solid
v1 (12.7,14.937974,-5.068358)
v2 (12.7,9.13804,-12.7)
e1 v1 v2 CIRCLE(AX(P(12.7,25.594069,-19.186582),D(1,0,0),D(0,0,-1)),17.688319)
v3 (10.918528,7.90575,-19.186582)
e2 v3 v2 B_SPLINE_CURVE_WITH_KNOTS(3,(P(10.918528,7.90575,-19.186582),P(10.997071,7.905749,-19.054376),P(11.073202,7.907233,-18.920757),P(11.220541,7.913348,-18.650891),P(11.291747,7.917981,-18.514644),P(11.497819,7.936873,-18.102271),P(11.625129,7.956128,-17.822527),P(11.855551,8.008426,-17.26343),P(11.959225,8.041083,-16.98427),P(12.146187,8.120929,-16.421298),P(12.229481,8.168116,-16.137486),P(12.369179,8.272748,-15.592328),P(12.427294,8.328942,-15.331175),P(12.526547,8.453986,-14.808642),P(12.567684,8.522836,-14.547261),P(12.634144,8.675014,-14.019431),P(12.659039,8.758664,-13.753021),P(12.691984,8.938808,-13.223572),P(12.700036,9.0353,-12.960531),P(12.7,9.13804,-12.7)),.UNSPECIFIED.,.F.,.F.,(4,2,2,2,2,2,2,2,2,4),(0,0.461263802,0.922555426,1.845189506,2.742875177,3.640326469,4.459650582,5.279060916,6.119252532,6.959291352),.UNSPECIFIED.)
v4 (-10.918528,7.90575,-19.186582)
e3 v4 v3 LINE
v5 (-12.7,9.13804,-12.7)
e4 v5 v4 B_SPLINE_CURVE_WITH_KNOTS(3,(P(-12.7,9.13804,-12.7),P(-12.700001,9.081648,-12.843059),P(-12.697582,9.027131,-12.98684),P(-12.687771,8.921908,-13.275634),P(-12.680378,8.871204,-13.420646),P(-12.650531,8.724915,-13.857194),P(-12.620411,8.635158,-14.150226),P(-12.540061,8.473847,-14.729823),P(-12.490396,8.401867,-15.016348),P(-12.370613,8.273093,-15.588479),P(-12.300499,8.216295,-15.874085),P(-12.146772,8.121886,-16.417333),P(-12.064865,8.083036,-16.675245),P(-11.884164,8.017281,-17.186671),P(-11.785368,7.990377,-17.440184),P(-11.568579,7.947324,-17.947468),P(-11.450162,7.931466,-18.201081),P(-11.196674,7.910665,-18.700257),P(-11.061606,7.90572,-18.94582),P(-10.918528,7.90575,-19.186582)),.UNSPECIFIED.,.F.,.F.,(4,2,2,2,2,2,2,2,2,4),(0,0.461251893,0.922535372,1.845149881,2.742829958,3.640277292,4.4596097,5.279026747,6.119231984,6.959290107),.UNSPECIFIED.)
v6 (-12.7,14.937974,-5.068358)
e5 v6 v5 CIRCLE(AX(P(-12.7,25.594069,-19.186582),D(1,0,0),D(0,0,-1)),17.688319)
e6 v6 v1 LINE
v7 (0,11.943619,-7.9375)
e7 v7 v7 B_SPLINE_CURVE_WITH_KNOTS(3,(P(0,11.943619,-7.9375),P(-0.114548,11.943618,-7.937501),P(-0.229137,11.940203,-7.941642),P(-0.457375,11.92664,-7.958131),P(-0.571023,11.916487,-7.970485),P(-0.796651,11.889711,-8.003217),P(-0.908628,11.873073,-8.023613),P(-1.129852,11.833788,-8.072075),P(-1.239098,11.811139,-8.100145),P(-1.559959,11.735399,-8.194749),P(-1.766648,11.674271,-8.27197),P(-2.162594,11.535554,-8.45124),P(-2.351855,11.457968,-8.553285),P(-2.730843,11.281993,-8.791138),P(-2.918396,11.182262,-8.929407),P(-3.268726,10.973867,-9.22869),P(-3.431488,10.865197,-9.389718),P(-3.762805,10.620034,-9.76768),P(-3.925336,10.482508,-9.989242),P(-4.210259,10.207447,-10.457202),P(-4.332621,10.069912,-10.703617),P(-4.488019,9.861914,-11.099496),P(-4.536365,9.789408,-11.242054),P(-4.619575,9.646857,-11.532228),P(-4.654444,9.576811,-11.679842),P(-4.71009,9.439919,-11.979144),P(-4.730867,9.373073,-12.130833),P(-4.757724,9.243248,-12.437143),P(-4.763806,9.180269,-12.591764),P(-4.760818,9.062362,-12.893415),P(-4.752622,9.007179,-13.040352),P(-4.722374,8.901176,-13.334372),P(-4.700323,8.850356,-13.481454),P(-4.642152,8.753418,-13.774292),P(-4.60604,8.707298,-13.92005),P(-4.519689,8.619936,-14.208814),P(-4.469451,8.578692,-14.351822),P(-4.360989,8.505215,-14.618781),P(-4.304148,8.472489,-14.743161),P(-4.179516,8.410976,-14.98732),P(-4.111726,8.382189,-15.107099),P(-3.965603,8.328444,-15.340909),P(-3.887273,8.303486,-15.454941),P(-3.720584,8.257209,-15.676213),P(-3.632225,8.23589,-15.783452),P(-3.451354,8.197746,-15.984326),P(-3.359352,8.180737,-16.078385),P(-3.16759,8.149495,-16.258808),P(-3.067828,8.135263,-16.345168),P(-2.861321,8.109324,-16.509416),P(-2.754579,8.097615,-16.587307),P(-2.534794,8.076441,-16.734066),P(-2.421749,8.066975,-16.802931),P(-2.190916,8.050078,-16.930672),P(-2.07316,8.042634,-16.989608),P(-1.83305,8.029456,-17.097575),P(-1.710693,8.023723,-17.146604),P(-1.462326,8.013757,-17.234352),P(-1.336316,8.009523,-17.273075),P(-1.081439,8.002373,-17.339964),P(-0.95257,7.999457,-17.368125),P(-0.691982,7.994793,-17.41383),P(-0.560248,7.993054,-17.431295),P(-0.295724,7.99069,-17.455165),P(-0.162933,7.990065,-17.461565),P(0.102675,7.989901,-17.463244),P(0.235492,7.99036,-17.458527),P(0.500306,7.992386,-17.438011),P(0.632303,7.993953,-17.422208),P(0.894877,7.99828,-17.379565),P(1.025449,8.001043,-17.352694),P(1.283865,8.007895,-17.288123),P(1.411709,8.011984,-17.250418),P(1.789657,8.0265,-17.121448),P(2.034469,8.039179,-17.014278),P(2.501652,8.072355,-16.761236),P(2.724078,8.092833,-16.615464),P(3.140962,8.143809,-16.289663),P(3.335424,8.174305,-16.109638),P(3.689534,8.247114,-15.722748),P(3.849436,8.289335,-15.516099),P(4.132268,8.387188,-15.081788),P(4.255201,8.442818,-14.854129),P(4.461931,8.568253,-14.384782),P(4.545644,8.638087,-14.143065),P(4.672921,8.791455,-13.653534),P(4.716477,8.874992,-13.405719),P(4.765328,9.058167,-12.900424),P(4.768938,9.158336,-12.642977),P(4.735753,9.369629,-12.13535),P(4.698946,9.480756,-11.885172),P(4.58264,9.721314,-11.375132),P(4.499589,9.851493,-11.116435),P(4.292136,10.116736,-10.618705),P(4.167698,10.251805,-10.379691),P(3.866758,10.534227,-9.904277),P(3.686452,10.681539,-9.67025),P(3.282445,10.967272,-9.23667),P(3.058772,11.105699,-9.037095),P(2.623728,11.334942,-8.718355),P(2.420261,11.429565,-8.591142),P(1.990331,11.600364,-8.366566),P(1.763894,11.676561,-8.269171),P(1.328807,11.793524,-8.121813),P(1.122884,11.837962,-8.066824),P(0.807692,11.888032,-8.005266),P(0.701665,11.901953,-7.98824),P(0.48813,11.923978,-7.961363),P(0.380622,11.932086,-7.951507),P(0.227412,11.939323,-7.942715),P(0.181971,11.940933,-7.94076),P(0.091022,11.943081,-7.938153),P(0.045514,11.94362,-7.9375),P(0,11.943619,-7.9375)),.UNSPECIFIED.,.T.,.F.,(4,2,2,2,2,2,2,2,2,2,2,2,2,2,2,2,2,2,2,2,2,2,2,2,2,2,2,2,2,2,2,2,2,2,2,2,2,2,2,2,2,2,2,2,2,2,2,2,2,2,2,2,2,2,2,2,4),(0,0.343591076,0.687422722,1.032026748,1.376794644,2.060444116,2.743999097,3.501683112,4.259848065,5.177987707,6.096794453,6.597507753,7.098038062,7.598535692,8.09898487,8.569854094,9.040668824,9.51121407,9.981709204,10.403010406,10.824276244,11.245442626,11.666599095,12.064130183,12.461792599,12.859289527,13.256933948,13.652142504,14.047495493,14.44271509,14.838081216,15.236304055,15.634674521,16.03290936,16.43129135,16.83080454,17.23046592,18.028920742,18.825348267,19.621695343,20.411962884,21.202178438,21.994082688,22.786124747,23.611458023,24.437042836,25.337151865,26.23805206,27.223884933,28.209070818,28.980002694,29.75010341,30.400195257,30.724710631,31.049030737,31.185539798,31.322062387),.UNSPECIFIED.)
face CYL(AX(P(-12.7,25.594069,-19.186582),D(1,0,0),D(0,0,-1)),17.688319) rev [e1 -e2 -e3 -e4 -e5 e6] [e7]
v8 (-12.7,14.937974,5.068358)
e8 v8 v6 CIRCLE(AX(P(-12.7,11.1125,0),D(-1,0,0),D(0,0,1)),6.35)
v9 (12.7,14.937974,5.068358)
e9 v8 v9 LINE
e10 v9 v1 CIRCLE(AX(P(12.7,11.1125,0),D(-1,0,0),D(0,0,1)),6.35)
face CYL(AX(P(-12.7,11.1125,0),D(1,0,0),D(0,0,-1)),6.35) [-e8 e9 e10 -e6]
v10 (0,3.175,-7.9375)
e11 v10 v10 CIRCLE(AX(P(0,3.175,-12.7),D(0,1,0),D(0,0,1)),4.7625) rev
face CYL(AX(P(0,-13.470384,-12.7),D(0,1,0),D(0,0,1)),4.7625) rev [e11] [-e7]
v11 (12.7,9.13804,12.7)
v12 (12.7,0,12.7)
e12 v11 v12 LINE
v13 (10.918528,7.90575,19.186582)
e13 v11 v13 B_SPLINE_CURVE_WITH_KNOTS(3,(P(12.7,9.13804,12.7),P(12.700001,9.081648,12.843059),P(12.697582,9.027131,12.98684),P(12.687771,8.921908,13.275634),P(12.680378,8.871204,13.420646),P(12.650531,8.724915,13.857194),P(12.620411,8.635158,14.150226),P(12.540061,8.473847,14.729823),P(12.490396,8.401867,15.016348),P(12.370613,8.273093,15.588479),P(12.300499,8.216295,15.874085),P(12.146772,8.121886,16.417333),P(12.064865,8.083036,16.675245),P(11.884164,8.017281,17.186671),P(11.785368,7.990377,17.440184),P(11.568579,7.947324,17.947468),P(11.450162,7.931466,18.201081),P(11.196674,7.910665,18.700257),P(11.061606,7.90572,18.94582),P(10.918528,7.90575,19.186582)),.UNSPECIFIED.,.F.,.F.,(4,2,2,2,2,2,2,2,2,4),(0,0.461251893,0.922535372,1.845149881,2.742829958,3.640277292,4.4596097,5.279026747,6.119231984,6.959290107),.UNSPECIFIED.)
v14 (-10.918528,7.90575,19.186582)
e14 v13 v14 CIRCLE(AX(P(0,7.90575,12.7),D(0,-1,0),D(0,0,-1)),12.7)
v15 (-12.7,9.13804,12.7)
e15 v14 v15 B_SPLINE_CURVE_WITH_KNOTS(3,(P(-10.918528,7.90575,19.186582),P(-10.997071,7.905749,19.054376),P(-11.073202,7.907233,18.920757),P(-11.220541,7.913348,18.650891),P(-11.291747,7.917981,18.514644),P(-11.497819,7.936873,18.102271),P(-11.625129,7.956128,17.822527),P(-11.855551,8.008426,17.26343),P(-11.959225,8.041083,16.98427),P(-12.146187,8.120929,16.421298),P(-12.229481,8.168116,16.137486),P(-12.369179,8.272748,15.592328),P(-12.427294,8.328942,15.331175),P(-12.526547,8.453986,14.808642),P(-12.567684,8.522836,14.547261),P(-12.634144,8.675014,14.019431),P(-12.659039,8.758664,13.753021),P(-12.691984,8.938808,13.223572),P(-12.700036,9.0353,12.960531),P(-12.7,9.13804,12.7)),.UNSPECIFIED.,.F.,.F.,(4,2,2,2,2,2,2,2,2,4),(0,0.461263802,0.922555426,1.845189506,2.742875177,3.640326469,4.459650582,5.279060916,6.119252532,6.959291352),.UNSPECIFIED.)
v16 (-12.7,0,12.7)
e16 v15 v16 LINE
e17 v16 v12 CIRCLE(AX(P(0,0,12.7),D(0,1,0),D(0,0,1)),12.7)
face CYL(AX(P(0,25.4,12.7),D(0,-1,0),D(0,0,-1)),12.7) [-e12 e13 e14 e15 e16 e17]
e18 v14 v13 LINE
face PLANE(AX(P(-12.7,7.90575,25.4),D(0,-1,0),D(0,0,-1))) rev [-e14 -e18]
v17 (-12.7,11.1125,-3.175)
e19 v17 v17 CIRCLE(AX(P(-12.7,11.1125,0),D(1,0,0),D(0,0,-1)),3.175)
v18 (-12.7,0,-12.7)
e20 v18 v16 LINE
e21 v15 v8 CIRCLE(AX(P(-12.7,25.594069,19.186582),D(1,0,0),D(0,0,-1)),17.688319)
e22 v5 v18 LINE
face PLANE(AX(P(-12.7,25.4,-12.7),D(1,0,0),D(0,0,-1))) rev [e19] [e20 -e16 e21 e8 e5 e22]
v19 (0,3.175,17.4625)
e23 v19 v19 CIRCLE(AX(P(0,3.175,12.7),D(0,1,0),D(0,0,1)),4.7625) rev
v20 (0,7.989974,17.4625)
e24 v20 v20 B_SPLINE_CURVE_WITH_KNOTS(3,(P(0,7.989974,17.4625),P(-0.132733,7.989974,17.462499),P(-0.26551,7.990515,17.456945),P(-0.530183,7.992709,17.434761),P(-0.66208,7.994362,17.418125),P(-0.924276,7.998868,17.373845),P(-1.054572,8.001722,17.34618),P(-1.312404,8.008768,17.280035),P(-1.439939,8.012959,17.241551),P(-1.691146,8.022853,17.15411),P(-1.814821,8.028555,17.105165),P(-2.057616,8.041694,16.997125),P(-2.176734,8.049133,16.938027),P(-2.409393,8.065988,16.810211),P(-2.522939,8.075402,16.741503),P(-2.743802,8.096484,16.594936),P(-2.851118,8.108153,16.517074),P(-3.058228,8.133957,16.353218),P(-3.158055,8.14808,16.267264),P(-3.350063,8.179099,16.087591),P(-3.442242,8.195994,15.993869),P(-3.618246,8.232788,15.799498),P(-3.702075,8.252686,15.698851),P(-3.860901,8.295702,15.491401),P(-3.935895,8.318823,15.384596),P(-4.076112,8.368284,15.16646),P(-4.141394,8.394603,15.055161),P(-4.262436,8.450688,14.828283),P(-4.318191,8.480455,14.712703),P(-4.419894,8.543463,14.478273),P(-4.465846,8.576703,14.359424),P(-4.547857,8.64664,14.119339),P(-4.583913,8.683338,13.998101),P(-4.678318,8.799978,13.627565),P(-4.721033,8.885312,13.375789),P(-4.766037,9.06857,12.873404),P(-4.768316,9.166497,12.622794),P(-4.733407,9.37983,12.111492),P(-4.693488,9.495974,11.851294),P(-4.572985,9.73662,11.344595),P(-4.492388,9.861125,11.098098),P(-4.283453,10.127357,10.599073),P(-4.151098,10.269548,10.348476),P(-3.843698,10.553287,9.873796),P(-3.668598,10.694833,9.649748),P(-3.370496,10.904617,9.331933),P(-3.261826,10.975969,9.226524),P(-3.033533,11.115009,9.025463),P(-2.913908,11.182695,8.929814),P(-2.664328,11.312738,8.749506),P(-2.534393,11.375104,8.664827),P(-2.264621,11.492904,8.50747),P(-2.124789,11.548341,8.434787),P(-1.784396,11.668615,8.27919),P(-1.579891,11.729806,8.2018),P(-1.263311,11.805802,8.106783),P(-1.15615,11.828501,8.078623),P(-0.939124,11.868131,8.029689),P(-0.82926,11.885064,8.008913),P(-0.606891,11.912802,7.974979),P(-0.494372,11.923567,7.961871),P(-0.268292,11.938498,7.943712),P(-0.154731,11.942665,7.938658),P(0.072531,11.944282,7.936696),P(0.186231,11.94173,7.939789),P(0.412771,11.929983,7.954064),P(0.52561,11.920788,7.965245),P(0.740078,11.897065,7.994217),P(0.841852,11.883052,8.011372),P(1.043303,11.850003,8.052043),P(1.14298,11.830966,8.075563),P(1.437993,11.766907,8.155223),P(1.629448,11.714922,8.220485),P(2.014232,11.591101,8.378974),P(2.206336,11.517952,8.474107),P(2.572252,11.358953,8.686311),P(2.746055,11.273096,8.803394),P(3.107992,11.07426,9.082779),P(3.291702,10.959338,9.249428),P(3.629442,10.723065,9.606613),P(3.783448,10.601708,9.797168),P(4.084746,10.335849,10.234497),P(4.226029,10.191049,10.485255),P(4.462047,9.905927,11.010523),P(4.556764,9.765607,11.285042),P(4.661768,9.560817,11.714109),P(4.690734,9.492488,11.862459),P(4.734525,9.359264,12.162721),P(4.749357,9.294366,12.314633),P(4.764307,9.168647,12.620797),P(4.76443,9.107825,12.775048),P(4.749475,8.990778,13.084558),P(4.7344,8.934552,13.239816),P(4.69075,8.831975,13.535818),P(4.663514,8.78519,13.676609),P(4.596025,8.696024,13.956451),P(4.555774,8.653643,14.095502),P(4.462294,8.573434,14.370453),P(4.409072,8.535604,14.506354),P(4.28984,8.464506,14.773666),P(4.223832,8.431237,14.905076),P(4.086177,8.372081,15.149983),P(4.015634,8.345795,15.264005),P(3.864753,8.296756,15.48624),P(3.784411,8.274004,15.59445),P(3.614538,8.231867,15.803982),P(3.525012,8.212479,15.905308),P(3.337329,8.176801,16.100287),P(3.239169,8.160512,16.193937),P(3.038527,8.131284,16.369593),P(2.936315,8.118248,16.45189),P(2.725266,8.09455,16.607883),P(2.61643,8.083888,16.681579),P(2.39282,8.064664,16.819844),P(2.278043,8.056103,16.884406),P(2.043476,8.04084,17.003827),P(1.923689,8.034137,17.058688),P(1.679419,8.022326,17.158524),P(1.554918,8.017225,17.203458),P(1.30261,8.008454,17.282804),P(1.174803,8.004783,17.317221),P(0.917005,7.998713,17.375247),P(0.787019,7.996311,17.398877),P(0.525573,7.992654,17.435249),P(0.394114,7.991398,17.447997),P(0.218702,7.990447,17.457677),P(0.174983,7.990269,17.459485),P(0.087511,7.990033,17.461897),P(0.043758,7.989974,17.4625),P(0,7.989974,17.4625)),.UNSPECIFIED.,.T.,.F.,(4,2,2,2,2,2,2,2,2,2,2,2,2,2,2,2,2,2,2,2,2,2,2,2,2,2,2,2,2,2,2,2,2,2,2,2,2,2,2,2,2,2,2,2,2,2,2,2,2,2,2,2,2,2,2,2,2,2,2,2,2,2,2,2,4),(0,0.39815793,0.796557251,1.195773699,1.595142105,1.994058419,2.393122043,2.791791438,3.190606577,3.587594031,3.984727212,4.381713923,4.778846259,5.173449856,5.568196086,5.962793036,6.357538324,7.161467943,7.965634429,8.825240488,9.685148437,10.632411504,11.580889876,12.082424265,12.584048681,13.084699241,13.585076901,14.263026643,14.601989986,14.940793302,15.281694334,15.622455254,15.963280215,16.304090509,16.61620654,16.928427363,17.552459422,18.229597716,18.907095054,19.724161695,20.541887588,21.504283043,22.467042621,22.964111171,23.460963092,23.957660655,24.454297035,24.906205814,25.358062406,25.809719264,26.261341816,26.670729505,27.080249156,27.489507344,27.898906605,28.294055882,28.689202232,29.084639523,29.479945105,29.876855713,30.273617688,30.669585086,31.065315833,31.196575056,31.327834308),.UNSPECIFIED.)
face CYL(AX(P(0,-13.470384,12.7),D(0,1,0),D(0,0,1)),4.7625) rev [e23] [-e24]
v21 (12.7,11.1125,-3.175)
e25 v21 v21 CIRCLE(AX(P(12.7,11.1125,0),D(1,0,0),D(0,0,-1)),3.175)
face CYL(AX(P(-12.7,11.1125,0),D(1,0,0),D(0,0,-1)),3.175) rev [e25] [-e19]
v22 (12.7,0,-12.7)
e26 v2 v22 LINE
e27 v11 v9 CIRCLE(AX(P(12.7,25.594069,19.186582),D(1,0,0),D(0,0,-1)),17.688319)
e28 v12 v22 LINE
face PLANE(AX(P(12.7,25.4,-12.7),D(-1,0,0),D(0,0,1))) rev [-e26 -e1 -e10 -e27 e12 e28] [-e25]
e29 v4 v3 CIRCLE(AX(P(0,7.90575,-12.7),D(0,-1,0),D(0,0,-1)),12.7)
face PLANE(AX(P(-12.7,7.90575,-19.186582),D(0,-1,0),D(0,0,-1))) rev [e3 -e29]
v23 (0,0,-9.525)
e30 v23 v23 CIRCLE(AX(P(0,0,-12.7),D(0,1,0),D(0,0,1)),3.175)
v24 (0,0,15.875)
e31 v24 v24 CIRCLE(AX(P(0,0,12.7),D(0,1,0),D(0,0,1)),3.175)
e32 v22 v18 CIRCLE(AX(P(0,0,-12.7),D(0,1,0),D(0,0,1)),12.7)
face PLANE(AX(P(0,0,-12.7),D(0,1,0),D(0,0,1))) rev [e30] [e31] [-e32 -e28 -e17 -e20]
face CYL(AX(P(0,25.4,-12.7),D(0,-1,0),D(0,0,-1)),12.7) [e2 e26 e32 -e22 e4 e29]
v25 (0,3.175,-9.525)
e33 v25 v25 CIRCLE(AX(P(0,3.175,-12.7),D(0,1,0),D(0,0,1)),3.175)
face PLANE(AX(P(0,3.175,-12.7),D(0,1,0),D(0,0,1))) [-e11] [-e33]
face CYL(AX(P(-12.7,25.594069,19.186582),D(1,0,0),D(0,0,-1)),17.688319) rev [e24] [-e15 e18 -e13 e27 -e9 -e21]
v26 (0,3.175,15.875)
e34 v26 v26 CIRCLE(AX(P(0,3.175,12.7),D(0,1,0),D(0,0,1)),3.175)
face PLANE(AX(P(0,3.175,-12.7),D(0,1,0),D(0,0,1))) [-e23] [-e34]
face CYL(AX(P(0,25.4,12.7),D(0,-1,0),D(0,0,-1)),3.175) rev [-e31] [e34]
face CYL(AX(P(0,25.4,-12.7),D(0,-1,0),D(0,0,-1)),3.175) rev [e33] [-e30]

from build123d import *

# Parameters (mm, degrees)
SKETCH2_R               = 3.175
BOSS_EXTRUDE1_DEPTH     = 25.4
CUT_EXTRUDE1_DEPTH      = 39.1
CUT_EXTRUDE1_DEPTH_BACK = 39.1
SKETCH3_R               = 3.175
SKETCH4_R               = 4.7625
CUT_EXTRUDE2_DEPTH      = 22.225


with BuildPart() as part:
    # Sketch2 → Boss-Extrude1 (new body)
    with BuildSketch(Plane(origin=(0, 0, 0), x_dir=(1, 0, 0), z_dir=(0, 1, 0))):
        with BuildLine():
            Line((12.7, 12.7), (12.7, -12.7))
            ThreePointArc((12.7, -12.7), (0, -25.4), (-12.7, -12.7))
            Line((-12.7, -12.7), (-12.7, 12.7))
            ThreePointArc((-12.7, 12.7), (0, 25.4), (12.7, 12.7))
        make_face()
        with Locations(Location((0, 12.7, 0), (0, 0, 270))):
            Circle(SKETCH2_R, mode=Mode.SUBTRACT)
        with Locations(Location((0, -12.7, 0), (0, 0, 270))):
            Circle(SKETCH2_R, mode=Mode.SUBTRACT)
    extrude(amount=BOSS_EXTRUDE1_DEPTH)

    # Sketch3 → Cut-Extrude1 (cut, two sides: drawn at the far end of the back side and taken through both)
    with BuildSketch(Plane(origin=(0, 0, 0), x_dir=(0, 0, -1), z_dir=(1, 0, 0)).offset(-CUT_EXTRUDE1_DEPTH_BACK)):
        with Locations((0, 11.1125)):
            Circle(SKETCH3_R)
        with BuildLine():
            Line((-25.4, 7.90575), (-19.186582283, 7.90575))
            ThreePointArc((-19.186582283, 7.90575), (-11.300258027, 9.761112271), (-5.068357629, 14.937973951))
            ThreePointArc((-5.068357629, 14.937973951), (0, 17.4625), (5.068357629, 14.937973951))
            ThreePointArc((5.068357629, 14.937973951), (11.300258027, 9.761112271), (19.186582283, 7.90575))
            Line((19.186582283, 7.90575), (25.4, 7.90575))
            Line((25.4, 7.90575), (25.4, 30.015599029))
            Line((25.4, 30.015599029), (-31.207208801, 35.201112742))
            Line((-31.207208801, 35.201112742), (-25.4, 7.90575))
        make_face()
    extrude(amount=CUT_EXTRUDE1_DEPTH + CUT_EXTRUDE1_DEPTH_BACK, mode=Mode.SUBTRACT)

    # Sketch4 → Cut-Extrude2 (cut)
    with BuildSketch(Plane(origin=(0, 25.4, 0), x_dir=(1, 0, 0), z_dir=(0, 1, 0))):
        with Locations(Location((0, -12.7, 0), (0, 0, 270))):
            Circle(SKETCH4_R)
        with Locations(Location((0, 12.7, 0), (0, 0, 270))):
            Circle(SKETCH4_R)
    extrude(amount=-CUT_EXTRUDE2_DEPTH, mode=Mode.SUBTRACT)


solid = part.part
